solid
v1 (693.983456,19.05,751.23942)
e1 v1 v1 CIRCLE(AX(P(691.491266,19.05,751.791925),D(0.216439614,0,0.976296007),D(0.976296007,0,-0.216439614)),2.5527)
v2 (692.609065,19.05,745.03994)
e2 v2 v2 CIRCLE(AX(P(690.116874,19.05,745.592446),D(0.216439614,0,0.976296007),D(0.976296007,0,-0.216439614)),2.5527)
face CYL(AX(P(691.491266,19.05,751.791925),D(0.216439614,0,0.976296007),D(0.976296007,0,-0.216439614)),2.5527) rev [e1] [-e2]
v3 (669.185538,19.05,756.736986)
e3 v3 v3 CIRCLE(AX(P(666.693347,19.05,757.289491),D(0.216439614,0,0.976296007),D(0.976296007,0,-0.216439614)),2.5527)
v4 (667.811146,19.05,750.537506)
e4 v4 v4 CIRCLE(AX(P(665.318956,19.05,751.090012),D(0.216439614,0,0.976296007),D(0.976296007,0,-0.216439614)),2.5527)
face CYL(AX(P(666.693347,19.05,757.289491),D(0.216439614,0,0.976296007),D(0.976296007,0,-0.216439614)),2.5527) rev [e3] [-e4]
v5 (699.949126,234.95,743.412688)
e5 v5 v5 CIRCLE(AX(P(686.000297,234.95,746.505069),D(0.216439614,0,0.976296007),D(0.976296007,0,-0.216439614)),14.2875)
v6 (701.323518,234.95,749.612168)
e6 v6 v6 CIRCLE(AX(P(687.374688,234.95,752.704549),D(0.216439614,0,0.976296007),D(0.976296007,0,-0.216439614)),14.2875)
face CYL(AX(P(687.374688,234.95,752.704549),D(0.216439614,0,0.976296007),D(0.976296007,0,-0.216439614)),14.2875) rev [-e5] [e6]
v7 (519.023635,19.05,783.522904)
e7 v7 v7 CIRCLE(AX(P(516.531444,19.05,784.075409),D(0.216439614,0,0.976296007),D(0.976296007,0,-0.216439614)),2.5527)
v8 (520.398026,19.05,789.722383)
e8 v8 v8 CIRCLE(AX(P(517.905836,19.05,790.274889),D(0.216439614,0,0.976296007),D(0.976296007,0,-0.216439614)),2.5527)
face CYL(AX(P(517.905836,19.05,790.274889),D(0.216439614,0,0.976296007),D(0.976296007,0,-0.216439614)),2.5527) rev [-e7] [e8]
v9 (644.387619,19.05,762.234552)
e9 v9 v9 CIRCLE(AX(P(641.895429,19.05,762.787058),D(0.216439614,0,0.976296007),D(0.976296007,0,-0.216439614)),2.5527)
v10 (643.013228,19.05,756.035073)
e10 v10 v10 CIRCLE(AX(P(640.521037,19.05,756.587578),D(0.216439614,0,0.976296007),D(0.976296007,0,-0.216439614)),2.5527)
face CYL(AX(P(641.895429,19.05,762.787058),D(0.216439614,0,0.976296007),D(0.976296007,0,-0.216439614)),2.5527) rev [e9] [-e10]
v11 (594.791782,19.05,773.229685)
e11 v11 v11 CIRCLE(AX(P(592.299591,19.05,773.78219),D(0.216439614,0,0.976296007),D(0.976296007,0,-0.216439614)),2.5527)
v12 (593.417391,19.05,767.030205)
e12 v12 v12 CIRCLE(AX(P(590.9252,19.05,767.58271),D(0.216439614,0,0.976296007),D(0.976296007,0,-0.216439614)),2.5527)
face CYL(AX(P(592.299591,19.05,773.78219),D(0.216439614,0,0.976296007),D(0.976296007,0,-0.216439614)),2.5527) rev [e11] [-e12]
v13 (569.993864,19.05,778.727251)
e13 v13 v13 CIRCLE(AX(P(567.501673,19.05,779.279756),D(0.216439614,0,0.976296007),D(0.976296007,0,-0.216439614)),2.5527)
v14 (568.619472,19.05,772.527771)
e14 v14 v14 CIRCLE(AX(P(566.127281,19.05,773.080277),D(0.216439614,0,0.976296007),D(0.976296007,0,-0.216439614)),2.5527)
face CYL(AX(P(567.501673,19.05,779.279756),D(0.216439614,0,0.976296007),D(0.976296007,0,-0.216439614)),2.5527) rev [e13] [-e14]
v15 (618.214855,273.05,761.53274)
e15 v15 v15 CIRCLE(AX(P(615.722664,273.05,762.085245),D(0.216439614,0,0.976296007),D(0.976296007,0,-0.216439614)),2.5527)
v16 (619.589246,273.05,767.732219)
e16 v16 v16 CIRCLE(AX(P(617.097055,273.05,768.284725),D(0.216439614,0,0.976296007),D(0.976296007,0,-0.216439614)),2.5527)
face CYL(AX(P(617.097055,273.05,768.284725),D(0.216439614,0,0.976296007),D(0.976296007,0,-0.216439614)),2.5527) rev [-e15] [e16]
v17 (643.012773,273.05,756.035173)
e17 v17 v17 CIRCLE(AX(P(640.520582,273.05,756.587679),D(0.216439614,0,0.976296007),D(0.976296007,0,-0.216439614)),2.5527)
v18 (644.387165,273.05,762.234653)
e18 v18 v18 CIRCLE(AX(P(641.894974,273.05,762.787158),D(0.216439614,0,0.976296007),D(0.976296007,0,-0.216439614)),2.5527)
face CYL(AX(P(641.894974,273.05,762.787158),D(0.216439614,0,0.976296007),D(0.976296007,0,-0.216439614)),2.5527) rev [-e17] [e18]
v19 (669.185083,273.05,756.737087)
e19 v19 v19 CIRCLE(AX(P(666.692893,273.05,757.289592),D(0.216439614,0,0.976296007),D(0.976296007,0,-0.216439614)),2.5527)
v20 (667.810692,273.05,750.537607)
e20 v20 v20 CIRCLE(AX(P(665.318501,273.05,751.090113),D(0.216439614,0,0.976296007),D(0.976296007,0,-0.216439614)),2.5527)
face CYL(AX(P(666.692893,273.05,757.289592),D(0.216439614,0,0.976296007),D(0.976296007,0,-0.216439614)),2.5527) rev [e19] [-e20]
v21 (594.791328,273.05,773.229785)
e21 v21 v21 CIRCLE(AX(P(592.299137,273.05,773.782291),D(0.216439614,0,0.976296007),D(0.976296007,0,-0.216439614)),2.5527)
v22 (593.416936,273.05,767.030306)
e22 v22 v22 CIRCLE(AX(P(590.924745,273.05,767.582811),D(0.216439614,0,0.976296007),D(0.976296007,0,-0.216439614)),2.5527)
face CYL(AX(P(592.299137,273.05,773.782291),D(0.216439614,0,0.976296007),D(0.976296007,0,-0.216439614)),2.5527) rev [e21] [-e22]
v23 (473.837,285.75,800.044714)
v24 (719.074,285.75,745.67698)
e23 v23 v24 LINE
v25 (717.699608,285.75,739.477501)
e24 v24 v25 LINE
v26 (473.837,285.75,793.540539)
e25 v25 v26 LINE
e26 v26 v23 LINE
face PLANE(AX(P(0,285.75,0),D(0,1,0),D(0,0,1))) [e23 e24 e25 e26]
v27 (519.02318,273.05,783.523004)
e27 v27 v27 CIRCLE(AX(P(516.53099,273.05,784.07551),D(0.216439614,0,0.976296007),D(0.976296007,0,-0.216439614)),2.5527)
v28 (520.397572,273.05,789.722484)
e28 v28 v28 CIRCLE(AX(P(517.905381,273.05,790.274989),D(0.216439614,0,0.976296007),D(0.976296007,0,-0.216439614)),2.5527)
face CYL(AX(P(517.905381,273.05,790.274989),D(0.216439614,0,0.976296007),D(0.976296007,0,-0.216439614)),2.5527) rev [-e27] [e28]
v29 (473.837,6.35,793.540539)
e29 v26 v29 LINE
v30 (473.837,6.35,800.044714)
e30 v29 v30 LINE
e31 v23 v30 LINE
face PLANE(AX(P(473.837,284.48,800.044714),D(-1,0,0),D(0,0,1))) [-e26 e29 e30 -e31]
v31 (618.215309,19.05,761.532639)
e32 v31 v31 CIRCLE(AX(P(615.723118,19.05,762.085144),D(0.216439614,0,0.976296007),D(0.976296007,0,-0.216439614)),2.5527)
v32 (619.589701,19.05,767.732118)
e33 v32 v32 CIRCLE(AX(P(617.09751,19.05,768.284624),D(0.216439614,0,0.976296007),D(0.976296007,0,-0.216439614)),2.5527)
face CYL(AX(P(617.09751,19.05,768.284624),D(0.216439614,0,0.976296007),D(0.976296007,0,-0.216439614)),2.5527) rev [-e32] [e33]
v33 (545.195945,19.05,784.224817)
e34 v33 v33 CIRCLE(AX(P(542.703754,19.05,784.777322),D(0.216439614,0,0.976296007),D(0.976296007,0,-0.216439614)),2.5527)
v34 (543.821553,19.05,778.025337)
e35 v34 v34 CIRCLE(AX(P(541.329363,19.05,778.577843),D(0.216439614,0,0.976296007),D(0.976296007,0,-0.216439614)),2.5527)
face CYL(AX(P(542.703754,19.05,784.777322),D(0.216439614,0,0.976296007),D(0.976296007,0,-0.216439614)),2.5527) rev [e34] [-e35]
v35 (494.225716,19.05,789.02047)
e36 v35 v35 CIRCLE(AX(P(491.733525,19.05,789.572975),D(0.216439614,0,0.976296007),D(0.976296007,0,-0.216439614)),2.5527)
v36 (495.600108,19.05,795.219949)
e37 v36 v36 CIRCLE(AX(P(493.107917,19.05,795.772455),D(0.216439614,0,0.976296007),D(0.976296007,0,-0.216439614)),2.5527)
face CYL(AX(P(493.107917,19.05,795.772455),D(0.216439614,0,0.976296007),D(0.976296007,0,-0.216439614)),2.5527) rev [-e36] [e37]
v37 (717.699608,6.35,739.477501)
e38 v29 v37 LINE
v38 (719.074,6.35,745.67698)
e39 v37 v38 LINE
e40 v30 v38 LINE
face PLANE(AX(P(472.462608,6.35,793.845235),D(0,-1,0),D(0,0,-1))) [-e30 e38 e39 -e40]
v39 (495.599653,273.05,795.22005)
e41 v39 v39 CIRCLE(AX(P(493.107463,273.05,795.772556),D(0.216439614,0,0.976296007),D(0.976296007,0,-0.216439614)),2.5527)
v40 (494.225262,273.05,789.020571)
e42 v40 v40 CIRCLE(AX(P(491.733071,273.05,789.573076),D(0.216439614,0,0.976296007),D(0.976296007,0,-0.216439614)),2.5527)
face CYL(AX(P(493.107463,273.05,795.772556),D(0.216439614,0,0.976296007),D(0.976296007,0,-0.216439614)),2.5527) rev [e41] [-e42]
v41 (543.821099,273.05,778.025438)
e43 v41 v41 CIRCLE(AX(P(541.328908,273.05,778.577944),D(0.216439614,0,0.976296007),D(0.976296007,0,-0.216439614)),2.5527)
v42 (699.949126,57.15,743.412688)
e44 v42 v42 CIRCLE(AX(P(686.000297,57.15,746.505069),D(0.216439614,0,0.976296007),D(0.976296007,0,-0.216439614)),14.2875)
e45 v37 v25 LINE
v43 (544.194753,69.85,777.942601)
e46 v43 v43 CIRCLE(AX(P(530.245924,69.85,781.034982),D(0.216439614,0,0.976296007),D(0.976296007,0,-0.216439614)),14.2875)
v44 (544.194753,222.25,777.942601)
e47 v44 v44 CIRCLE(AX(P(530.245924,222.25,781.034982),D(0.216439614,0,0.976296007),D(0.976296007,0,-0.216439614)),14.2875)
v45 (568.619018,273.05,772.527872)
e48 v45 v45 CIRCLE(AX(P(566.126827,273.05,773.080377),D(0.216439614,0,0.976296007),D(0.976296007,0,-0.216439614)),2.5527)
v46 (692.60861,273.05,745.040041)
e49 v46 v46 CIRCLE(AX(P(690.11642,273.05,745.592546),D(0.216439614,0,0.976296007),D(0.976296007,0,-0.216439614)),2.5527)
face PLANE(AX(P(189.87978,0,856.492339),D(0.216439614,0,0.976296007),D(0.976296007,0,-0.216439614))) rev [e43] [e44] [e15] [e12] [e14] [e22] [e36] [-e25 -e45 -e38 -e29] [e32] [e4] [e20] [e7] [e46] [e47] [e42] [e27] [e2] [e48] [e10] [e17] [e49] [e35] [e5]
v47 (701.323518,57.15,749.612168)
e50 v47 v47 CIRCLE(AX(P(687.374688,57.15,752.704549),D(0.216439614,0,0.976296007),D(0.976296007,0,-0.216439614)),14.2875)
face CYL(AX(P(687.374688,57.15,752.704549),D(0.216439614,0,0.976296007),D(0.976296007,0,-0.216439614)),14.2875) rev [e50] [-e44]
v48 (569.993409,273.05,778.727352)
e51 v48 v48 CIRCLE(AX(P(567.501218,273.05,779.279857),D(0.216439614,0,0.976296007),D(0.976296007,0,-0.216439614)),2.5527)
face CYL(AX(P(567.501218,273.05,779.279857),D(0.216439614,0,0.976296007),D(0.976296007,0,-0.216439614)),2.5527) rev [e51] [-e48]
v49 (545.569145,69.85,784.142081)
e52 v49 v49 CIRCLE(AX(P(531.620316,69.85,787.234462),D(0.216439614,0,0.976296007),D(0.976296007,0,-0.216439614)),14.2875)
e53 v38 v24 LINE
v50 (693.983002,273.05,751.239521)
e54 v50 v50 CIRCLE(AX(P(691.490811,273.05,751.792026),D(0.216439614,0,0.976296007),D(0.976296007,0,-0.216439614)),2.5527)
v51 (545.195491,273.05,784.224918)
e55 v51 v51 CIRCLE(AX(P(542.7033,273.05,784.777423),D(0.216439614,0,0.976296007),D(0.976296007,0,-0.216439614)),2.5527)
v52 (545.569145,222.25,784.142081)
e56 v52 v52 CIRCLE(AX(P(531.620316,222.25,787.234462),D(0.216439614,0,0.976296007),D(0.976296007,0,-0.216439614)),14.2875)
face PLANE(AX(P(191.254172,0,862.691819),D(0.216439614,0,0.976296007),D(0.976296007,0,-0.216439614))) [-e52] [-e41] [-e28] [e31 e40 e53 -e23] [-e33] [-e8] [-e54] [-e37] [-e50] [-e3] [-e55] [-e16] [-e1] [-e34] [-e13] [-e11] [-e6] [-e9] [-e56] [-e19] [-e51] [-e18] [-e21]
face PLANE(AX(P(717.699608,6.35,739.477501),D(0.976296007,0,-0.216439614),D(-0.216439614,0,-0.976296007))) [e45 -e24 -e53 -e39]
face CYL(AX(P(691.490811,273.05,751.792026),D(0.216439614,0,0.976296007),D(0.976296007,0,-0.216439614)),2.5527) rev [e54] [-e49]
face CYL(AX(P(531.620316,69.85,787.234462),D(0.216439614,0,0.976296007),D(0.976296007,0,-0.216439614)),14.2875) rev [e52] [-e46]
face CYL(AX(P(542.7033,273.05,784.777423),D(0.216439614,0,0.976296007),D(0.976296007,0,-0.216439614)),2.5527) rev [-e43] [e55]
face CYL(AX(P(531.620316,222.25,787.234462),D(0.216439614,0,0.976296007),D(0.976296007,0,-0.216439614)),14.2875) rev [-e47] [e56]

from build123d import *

# Parameters (mm, degrees)
SKETCH1_W                      = 278.13
SKETCH1_H                      = 251.191235252
BOSS_EXTRUDE1_DEPTH            = 6.35
DRAFT1_ANGLE                   = -12.5
HOLE1_D                        = 28.575
HOLE1_DEPTH                    = 59.131528827
F_7_0_201_DIAMETER_HOLE1_D     = 5.1054
F_7_0_201_DIAMETER_HOLE1_DEPTH = 59.131528827
BOSS_EXTRUDE2_DEPTH            = 1.27


with BuildPart() as part:
    # Sketch1 → Boss-Extrude1 (new body)
    with BuildSketch(Plane(origin=(191.25417179, 0, 862.691819056), x_dir=(0, 1, 0), z_dir=(0.21643961393810301, 0, 0.9762960071199335))):
        with Locations((145.415, -415.039419658)):
            Rectangle(SKETCH1_W, SKETCH1_H)
    extrude(amount=-BOSS_EXTRUDE1_DEPTH)

    # Draft1
    draft1_faces = [part.faces().sort_by_distance(p)[0] for p in [
        (473.149804226, 145.415, 796.944974464),
    ]]
    draft(draft1_faces, Plane(origin=(191.25417179, 0, 862.691819056), x_dir=(0.9762960071199334, 0, -0.21643961393810301), z_dir=(0.216439613938103, 0, 0.9762960071199333)), DRAFT1_ANGLE)

    # Hole1
    with Locations(Plane(origin=(191.25417179, 0, 862.691819056), x_dir=(0.976296007119934, 0, -0.21643961393809993), z_dir=(0.21643961393809993, 0, 0.9762960071199341))):
        with Locations((348.630068619, 222.25), (508.166081715, 234.95), (508.166081715, 57.15), (348.630068619, 69.85)):
            Hole(HOLE1_D / 2, depth=HOLE1_DEPTH)

    # #7 (0.201) Diameter Hole1
    with Locations(Plane(origin=(191.25417179, 0, 862.691819056), x_dir=(0.9762960071199334, 0, -0.216439613938103), z_dir=(0.21643961393810301, 0, 0.9762960071199335))):
        with Locations((359.982142032, 273.05), (410.782142032, 273.05), (461.582142032, 273.05), (512.382142032, 273.05), (486.982142032, 273.05), (436.182142032, 273.05), (385.382142032, 273.05), (334.582142032, 273.05), (512.382607571, 19.05), (486.982607571, 19.05), (461.582607571, 19.05), (436.182607571, 19.05), (410.782607571, 19.05), (385.382607571, 19.05), (359.982607571, 19.05), (334.582607571, 19.05), (309.182607571, 19.05), (309.182142032, 273.05)):
            Hole(F_7_0_201_DIAMETER_HOLE1_D / 2, depth=F_7_0_201_DIAMETER_HOLE1_DEPTH)

    # Sketch6 → Boss-Extrude2 (add)
    with BuildSketch(Plane(origin=(0, 284.48, 0), x_dir=(1, 0, 0), z_dir=(0, 1, 0))):
        Polygon((473.837, -800.044714287), (473.837, -793.540539371), (717.699608451, -739.477500659), (719.074, -745.676980304), align=None)
    extrude(amount=BOSS_EXTRUDE2_DEPTH)


solid = part.part
